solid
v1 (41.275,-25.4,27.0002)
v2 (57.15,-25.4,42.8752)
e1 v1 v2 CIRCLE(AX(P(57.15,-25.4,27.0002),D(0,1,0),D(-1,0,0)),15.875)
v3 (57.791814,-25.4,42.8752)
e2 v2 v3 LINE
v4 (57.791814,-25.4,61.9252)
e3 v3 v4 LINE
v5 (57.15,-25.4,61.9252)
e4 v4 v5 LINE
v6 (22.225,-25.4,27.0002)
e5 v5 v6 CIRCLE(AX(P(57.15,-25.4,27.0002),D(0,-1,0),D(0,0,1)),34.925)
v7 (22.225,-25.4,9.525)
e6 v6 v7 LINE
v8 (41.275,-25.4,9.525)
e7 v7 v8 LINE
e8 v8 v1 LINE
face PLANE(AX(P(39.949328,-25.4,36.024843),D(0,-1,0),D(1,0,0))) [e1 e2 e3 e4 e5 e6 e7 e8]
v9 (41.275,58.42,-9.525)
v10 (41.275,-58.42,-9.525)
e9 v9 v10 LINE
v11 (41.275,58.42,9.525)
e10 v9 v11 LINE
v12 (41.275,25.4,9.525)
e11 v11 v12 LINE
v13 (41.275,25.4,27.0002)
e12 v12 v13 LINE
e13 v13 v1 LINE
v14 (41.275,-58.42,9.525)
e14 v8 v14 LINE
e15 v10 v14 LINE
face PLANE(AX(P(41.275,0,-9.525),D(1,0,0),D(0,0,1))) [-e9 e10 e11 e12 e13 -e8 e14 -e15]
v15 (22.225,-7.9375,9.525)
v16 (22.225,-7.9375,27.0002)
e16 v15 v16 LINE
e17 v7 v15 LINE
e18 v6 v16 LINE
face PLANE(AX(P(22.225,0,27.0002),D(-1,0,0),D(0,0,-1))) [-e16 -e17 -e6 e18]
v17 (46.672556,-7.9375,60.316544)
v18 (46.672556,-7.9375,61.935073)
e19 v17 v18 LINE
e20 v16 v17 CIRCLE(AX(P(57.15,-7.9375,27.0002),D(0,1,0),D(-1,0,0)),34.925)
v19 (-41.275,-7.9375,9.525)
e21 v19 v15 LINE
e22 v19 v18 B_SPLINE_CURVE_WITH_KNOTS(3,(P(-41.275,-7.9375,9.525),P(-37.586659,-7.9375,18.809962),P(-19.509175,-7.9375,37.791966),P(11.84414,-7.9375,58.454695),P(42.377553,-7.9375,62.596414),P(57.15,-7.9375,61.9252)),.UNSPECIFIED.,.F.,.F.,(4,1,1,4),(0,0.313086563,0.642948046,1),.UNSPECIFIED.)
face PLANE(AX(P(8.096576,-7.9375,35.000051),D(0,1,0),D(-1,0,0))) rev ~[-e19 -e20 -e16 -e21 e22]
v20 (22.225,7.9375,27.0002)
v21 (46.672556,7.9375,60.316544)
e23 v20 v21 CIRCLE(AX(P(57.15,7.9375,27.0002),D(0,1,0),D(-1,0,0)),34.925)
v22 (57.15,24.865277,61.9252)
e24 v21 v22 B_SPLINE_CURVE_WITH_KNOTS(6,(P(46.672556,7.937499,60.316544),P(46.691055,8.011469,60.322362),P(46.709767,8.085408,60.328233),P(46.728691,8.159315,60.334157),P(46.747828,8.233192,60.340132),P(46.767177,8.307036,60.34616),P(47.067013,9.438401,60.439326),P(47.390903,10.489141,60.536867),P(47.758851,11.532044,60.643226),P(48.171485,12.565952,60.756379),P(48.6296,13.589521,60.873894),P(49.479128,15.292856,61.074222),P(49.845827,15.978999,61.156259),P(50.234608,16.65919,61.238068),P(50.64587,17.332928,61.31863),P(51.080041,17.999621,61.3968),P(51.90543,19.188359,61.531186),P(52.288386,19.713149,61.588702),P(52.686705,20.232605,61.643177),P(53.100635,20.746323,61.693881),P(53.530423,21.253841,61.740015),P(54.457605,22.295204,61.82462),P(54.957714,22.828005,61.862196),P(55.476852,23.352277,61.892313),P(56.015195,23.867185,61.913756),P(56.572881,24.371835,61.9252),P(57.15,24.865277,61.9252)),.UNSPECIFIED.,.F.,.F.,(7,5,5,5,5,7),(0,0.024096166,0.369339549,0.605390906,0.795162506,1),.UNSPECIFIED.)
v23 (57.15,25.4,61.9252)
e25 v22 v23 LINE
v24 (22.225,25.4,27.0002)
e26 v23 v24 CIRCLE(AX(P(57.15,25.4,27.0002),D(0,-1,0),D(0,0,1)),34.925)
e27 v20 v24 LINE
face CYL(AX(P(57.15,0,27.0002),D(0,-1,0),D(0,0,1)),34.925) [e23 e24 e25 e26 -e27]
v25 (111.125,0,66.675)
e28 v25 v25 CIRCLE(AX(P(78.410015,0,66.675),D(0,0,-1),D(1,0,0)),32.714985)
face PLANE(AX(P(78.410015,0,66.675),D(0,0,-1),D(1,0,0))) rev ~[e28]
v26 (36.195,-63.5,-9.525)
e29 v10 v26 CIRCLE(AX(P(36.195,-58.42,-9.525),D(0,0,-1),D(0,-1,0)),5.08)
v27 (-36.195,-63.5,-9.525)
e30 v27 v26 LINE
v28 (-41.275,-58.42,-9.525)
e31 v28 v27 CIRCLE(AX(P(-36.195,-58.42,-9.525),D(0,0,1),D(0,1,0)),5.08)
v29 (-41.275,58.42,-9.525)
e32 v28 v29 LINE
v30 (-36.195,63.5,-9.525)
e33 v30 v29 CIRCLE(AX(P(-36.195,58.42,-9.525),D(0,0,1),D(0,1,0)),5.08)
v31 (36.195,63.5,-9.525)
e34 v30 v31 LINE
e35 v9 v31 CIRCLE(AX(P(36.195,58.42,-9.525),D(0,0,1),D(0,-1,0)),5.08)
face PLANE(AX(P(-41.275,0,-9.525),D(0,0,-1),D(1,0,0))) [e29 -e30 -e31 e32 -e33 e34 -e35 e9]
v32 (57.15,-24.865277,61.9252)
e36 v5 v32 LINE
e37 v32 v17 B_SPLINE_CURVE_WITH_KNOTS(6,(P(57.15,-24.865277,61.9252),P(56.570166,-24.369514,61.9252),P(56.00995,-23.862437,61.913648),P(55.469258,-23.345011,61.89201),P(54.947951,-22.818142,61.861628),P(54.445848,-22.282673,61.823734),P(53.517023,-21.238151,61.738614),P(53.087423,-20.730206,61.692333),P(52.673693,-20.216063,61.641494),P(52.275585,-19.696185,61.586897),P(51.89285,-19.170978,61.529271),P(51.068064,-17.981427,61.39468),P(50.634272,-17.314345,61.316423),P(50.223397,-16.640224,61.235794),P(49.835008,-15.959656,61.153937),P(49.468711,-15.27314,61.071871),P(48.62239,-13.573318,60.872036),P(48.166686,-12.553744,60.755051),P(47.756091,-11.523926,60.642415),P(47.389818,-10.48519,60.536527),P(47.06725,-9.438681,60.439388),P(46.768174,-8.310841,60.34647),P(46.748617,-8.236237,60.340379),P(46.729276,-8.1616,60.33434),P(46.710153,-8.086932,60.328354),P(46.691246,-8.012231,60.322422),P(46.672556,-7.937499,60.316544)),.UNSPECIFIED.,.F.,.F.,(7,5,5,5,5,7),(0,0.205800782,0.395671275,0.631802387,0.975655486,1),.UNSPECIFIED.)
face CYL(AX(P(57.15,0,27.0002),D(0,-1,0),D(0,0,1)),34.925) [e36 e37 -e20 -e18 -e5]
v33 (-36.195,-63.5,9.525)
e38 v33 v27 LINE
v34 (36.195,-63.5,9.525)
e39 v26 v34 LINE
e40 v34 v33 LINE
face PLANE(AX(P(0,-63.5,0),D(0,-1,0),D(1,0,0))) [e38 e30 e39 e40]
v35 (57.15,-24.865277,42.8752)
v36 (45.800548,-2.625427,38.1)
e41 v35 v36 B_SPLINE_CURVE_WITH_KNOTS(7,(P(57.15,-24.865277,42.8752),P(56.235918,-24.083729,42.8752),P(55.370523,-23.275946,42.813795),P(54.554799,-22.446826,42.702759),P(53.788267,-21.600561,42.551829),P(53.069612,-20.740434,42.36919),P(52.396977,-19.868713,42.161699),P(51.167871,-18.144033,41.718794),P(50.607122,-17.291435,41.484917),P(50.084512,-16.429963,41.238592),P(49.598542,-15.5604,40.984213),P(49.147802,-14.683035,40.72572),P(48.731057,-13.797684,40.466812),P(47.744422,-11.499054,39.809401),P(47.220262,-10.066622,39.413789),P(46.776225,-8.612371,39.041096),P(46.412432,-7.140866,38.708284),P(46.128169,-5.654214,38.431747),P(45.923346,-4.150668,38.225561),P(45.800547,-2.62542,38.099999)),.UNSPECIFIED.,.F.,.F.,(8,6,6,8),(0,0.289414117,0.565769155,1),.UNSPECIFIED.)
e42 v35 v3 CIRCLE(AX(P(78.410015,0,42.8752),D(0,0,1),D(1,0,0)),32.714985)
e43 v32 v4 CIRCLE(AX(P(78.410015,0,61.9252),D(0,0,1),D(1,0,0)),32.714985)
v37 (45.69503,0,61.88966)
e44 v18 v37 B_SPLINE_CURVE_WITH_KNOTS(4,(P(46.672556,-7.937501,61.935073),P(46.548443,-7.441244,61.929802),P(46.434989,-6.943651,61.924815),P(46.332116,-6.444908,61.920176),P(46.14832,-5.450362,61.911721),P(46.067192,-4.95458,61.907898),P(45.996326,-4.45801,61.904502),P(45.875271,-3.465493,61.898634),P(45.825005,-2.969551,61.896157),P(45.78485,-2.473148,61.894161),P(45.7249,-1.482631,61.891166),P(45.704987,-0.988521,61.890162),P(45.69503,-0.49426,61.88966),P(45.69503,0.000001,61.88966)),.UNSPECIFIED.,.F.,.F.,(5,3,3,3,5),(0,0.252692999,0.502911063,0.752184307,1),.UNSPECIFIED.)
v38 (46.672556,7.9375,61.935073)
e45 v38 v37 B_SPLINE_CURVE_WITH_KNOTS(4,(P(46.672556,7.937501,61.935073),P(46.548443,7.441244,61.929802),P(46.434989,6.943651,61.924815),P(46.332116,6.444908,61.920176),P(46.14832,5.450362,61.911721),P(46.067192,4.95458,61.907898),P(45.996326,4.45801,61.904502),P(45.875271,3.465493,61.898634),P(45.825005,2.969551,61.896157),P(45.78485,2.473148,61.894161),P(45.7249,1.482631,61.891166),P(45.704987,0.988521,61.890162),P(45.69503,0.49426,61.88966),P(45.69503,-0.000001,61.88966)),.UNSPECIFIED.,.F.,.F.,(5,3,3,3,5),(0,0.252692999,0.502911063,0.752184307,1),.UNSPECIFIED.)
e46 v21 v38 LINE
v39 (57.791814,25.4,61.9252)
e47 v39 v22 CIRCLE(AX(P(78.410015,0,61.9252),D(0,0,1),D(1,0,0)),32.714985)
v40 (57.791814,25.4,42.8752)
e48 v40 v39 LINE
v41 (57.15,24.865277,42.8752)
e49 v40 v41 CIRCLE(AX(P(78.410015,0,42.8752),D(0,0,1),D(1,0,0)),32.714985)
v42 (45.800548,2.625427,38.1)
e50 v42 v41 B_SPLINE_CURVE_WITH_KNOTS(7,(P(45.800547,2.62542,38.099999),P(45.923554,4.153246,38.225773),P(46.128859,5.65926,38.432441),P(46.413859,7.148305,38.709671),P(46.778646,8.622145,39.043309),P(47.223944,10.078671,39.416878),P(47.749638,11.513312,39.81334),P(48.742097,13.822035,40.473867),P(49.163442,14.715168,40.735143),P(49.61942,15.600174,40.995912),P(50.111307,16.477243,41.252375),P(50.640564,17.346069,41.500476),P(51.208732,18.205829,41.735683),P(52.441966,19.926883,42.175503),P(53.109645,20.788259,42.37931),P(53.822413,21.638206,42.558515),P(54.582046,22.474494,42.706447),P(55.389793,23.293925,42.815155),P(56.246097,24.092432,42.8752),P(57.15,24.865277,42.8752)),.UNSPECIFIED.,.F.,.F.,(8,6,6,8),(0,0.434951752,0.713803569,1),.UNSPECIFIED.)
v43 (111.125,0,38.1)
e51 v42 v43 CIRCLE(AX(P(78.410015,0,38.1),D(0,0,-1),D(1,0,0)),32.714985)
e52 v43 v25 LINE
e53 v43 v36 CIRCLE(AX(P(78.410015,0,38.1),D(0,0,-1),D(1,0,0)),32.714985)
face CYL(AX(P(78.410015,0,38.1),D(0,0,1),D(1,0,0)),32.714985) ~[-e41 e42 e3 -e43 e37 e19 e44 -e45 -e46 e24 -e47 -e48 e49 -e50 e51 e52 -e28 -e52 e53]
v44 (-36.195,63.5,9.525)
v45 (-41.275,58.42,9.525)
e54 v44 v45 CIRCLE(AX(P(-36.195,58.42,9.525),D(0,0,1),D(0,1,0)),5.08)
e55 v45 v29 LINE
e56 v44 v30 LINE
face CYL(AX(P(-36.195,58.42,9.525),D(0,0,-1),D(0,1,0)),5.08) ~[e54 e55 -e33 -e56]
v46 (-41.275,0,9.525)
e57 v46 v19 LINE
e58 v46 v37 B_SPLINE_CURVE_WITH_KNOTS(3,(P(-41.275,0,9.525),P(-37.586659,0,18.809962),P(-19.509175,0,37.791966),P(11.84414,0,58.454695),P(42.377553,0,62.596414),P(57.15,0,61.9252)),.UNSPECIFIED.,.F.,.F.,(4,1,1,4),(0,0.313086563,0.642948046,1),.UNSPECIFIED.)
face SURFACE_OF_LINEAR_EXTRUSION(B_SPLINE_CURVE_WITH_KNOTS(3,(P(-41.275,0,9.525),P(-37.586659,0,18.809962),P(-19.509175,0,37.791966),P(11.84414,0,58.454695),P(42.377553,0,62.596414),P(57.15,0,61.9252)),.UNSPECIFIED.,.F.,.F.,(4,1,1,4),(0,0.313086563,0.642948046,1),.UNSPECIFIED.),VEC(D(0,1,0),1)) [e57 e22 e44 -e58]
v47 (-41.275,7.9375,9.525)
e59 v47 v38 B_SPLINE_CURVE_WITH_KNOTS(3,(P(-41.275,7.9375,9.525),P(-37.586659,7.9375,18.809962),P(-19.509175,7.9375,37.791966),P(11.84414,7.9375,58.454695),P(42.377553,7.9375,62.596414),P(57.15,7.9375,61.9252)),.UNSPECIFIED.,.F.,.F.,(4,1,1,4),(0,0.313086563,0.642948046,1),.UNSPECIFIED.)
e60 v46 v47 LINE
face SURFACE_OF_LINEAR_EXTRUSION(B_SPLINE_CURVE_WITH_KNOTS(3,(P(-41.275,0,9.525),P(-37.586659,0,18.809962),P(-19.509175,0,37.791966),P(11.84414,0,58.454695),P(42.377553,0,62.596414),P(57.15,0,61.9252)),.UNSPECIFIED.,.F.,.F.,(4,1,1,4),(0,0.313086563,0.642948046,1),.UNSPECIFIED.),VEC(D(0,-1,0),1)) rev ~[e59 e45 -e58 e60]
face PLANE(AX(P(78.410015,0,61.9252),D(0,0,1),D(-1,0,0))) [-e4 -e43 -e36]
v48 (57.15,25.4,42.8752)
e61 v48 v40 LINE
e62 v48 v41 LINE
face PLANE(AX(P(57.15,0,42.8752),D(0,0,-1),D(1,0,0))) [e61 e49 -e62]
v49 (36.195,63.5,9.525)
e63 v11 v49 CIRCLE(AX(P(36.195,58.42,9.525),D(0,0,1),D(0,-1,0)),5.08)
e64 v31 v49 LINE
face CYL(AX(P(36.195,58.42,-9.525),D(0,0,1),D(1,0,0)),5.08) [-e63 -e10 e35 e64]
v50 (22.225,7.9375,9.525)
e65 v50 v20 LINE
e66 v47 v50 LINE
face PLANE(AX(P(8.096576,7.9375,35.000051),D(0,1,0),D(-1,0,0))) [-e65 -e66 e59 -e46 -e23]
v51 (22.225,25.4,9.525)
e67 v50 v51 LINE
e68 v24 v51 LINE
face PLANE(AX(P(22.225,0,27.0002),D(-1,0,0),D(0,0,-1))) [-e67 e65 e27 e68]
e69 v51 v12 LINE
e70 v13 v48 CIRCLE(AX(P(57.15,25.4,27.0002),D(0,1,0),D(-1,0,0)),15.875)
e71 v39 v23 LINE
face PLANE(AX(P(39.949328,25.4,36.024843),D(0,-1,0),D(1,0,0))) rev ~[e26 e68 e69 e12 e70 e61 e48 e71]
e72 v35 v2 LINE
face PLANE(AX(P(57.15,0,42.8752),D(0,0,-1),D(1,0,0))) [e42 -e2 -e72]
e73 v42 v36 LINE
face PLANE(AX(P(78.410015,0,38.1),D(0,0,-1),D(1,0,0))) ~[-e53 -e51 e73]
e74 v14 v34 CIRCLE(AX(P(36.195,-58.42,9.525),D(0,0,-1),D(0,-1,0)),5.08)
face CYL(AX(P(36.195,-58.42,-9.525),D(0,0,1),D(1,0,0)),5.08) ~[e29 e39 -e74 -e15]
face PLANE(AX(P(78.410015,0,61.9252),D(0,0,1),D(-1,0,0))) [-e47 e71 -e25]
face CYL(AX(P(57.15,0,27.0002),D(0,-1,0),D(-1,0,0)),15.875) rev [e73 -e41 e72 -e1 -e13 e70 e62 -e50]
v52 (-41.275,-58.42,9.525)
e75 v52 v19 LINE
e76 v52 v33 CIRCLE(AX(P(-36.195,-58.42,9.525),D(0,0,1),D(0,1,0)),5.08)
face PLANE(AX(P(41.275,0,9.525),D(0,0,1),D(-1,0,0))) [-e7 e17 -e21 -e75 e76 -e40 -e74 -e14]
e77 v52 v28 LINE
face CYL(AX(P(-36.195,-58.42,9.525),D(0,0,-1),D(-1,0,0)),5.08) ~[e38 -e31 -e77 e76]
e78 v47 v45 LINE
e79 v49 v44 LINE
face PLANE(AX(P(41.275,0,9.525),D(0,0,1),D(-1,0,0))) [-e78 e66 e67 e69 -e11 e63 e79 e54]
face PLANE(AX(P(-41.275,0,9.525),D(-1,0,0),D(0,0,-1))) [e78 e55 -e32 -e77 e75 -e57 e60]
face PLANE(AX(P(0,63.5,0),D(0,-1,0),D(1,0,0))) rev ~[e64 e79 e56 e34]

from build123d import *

# Parameters (mm, degrees)
F1_DEPTH = 63.5
F0_W     = 18.0850151875
F0_H     = 19.05
F2_DEPTH = 25.4
F3_DEPTH = 7.9375
F5_R     = 5.08
F6_R     = 5.08


with BuildPart() as f1:
    # F0 (on Front) → F1 (new body, symmetric)
    with BuildSketch(Plane.XZ):
        Polygon((-41.275, -9.525), (41.275, -9.525), (41.275, 9.525), (22.225, 9.525), (-41.275, 9.525), align=None)
    extrude(amount=F1_DEPTH, both=True)

    # F0 (on Front) → F2 (join, symmetric)
    with BuildSketch(Plane.XZ):
        with BuildLine():
            Line((22.225, 9.525), (41.275, 9.525))
            Line((41.275, 9.525), (41.275, 27.0002))
            ThreePointArc((41.275, 27.0002), (45.9246798487, 38.2255201513), (57.15, 42.8752))
            Line((57.15, 42.8752), (60.325, 42.8752))
            Line((60.325, 42.8752), (60.325, 61.9252))
            Line((60.325, 61.9252), (57.15, 61.9252))
            ThreePointArc((57.15, 61.9252), (32.4542956671, 51.6959043329), (22.225, 27.0002))
            Line((22.225, 27.0002), (22.225, 9.525))
        make_face()
        with Locations((69.3675075937, 52.4002)):
            Rectangle(F0_W, F0_H)
    extrude(amount=F2_DEPTH, both=True)

    # F0 (on Front) → F3 (join, symmetric)
    with BuildSketch(Plane.XZ):
        with BuildLine():
            add(Edge.make_bspline(
                [(-41.275, 9.525), (-37.5866588905, 18.8099618573), (-19.5091748913, 37.7919660038), (11.8441398709, 58.454694521), (42.3775529044, 62.5964135267), (57.15, 61.9252)],
                knots=[0, 0, 0, 0, 0.3130865631, 0.6429480461, 1, 1, 1, 1], degree=3))
            Line((-41.275, 9.525), (22.225, 9.525))
            Line((22.225, 9.525), (22.225, 27.0002))
            ThreePointArc((22.225, 27.0002), (32.4542956671, 51.6959043329), (57.15, 61.9252))
        make_face()
    extrude(amount=F3_DEPTH, both=True)

    # F0 (on Front) → F4 (revolve)
    with BuildSketch(Plane.XZ):
        Polygon((78.4100151875, 66.675), (78.4100151875, 61.9252), (78.4100151875, 42.8752), (78.4100151875, 38.1), (111.125, 38.1), (111.125, 66.675), align=None)
    revolve(axis=Axis((78.4100151875, 0, 52.3875), (0, 0, -1)))

    # F5
    f5_edges = [f1.edges().sort_by_distance(p)[0] for p in [
        (-41.275, -63.5, 0),
        (41.275, -63.5, 0),
    ]]
    fillet(f5_edges, radius=F5_R)

    # F6
    f6_edges = [f1.edges().sort_by_distance(p)[0] for p in [
        (41.275, 63.5, 0),
        (-41.275, 63.5, 0),
    ]]
    fillet(f6_edges, radius=F6_R)


solid = f1.part
